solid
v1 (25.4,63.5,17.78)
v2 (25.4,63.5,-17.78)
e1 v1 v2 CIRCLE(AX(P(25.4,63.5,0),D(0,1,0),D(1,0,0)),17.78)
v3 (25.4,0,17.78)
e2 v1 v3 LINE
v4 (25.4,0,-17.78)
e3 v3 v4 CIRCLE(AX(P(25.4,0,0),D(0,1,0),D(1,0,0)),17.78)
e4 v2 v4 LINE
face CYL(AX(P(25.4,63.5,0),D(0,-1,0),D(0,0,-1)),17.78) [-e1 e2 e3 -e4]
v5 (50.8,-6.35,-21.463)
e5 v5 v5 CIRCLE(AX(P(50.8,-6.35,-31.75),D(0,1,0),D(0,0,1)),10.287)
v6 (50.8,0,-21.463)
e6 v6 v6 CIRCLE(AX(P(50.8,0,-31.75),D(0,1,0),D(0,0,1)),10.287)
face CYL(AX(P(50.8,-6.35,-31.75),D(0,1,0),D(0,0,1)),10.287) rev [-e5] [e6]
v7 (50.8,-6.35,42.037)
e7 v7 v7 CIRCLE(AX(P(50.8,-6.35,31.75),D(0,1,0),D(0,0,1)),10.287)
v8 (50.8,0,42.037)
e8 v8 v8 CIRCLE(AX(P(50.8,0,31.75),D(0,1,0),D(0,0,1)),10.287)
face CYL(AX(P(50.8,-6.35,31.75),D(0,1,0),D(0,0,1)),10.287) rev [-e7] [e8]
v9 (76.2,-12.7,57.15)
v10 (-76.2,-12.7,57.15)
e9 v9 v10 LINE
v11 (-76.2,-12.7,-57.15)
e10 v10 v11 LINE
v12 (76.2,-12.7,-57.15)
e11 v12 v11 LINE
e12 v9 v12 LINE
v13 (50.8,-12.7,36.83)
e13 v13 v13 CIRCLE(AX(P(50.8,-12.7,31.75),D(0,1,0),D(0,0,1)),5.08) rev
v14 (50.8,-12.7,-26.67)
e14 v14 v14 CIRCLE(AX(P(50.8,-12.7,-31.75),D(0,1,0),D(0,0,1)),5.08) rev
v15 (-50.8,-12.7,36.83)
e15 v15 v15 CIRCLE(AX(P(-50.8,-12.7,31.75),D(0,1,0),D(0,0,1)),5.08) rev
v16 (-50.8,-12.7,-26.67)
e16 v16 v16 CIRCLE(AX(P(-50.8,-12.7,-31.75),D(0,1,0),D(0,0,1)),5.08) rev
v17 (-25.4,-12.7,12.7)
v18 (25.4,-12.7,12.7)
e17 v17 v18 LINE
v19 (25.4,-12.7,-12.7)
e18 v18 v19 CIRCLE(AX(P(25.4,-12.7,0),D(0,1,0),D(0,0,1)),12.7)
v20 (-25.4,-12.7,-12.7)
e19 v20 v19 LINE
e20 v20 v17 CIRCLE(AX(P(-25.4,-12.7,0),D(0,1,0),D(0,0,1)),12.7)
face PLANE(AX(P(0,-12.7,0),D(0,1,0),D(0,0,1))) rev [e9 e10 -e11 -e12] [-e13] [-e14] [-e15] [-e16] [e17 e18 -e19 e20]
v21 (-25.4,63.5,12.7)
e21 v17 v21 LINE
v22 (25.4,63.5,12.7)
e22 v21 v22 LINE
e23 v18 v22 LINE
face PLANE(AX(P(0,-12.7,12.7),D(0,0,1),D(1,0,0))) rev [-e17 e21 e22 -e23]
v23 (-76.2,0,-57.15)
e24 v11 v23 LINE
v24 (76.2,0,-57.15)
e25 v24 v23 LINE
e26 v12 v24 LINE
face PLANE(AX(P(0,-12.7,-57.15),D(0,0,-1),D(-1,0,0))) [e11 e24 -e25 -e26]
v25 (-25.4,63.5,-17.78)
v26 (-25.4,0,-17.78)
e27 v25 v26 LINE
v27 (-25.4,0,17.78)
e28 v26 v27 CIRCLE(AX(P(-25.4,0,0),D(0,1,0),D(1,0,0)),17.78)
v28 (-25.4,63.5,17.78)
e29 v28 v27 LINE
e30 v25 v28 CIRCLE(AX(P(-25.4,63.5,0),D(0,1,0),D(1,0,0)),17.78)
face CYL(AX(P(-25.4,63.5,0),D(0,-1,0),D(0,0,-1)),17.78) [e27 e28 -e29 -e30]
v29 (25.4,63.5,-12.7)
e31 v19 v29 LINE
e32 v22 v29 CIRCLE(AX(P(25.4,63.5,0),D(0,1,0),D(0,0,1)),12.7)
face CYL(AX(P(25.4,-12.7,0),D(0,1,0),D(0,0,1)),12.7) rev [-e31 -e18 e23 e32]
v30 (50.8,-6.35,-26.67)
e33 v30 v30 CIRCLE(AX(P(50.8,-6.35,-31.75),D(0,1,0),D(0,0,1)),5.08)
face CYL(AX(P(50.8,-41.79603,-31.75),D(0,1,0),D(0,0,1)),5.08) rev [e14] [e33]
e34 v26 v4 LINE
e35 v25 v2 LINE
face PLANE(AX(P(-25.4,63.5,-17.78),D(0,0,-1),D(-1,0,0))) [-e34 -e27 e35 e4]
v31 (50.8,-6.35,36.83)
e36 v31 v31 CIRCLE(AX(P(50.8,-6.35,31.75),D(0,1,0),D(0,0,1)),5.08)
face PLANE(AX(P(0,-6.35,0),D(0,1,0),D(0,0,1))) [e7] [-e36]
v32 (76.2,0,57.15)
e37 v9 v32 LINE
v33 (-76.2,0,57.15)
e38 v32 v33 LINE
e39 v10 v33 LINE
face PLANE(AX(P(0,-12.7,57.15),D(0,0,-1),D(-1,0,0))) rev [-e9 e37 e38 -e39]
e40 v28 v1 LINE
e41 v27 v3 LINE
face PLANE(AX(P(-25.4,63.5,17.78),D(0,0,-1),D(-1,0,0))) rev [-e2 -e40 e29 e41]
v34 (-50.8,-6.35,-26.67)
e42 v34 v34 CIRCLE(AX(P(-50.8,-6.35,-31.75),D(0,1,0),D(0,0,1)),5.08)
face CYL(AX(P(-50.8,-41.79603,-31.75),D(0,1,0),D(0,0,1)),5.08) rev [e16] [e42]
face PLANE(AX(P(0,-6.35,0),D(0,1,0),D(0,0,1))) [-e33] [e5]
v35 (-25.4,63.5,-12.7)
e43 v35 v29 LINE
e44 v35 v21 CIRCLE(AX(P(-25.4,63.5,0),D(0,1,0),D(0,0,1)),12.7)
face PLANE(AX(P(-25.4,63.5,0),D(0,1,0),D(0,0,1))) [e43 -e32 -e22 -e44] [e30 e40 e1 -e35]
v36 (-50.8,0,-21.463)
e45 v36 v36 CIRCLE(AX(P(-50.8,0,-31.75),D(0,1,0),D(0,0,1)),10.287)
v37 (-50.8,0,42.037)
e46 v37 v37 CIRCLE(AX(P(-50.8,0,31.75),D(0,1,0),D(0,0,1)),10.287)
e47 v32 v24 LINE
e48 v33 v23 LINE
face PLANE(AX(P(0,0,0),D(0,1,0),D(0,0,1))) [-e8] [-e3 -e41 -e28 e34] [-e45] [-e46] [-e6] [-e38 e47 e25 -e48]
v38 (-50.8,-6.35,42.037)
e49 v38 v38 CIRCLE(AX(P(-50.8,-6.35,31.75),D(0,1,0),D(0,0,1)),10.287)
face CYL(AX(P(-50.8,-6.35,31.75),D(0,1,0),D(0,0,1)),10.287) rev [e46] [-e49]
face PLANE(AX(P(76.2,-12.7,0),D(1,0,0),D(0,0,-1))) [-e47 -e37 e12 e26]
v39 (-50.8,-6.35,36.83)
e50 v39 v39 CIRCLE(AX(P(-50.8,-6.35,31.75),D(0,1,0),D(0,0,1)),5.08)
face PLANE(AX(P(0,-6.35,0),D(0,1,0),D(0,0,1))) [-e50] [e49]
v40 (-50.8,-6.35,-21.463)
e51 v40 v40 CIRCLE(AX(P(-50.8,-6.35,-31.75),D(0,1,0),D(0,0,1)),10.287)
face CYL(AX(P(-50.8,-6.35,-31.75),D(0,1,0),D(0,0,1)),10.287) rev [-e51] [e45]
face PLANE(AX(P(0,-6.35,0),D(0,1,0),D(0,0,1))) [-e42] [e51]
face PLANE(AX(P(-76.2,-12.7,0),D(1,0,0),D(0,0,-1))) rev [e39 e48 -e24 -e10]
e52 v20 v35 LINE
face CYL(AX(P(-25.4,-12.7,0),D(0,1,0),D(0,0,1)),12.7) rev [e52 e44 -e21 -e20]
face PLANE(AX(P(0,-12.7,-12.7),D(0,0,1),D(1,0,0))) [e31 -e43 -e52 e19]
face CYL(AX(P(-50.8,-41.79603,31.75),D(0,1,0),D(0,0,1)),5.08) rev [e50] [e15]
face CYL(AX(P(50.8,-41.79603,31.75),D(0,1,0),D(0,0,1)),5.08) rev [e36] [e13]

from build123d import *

# Parameters (mm, degrees)
SKETCH1_W           = 152.4
SKETCH1_H           = 114.3
SKETCH1_R           = 10.287
BOSS_EXTRUDE1_DEPTH = 12.7
EXTRUDE_THIN1_DEPTH = 63.5
SKETCH1_4_R         = 10.287
SKETCH1_4_R_2       = 5.08
BOSS_EXTRUDE2_DEPTH = 12.7
SKETCH1_5_R         = 10.287
SKETCH1_5_R_2       = 5.08
CUT_EXTRUDE1_DEPTH  = 6.35


with BuildPart() as part:
    # Sketch1 → Boss-Extrude1 (new body)
    with BuildSketch(Plane(origin=(0, 0, 0), x_dir=(1, 0, 0), z_dir=(0, 1, 0))):
        Rectangle(SKETCH1_W, SKETCH1_H)
        with Locations((-50.8, 31.75)):
            Circle(SKETCH1_R, mode=Mode.SUBTRACT)
        with Locations((50.8, 31.75)):
            Circle(SKETCH1_R, mode=Mode.SUBTRACT)
        with Locations((50.8, -31.75)):
            Circle(SKETCH1_R, mode=Mode.SUBTRACT)
        with Locations((-50.8, -31.75)):
            Circle(SKETCH1_R, mode=Mode.SUBTRACT)
        with BuildLine():
            ThreePointArc((25.4, -12.7), (38.1, 0), (25.4, 12.7))
            Line((25.4, 12.7), (-25.4, 12.7))
            ThreePointArc((-25.4, 12.7), (-38.1, 0), (-25.4, -12.7))
            Line((-25.4, -12.7), (25.4, -12.7))
        make_face(mode=Mode.SUBTRACT)
    extrude(amount=-BOSS_EXTRUDE1_DEPTH)

    # Sketch1<3> → Extrude-Thin1 (add)
    with BuildSketch(Plane(origin=(0, 0, 0), x_dir=(1, 0, 0), z_dir=(0, 1, 0))):
        with BuildLine():
            Line((25.4, -17.78), (-25.4, -17.78))
            ThreePointArc((-25.4, -17.78), (-43.18, 0), (-25.4, 17.78))
            Line((-25.4, 17.78), (25.4, 17.78))
            ThreePointArc((25.4, 17.78), (43.18, 0), (25.4, -17.78))
        make_face()
        with BuildLine():
            Line((25.4, -12.7), (-25.4, -12.7))
            ThreePointArc((-25.4, -12.7), (-38.1, 0), (-25.4, 12.7))
            Line((-25.4, 12.7), (25.4, 12.7))
            ThreePointArc((25.4, 12.7), (38.1, 0), (25.4, -12.7))
        make_face(mode=Mode.SUBTRACT)
    extrude(amount=EXTRUDE_THIN1_DEPTH)

    # Sketch1<4> → Boss-Extrude2 (add)
    with BuildSketch(Plane(origin=(0, 0, 0), x_dir=(1, 0, 0), z_dir=(0, 1, 0))):
        with Locations((-50.8, 31.75)):
            Circle(SKETCH1_4_R)
        with Locations((-50.8, 31.75)):
            Circle(SKETCH1_4_R_2, mode=Mode.SUBTRACT)
        with Locations((-50.8, -31.75)):
            Circle(SKETCH1_4_R)
        with Locations((-50.8, -31.75)):
            Circle(SKETCH1_4_R_2, mode=Mode.SUBTRACT)
        with Locations((50.8, -31.75)):
            Circle(SKETCH1_4_R)
        with Locations((50.8, -31.75)):
            Circle(SKETCH1_4_R_2, mode=Mode.SUBTRACT)
        with Locations((50.8, 31.75)):
            Circle(SKETCH1_4_R)
        with Locations((50.8, 31.75)):
            Circle(SKETCH1_4_R_2, mode=Mode.SUBTRACT)
    extrude(amount=-BOSS_EXTRUDE2_DEPTH)

    # Sketch1<5> → Cut-Extrude1 (cut)
    with BuildSketch(Plane(origin=(0, 0, 0), x_dir=(1, 0, 0), z_dir=(0, 1, 0))):
        with Locations((-50.8, -31.75)):
            Circle(SKETCH1_5_R)
        with Locations((-50.8, -31.75)):
            Circle(SKETCH1_5_R_2, mode=Mode.SUBTRACT)
        with Locations((-50.8, 31.75)):
            Circle(SKETCH1_5_R)
        with Locations((-50.8, 31.75)):
            Circle(SKETCH1_5_R_2, mode=Mode.SUBTRACT)
        with Locations((50.8, 31.75)):
            Circle(SKETCH1_5_R)
        with Locations((50.8, 31.75)):
            Circle(SKETCH1_5_R_2, mode=Mode.SUBTRACT)
        with Locations((50.8, -31.75)):
            Circle(SKETCH1_5_R)
        with Locations((50.8, -31.75)):
            Circle(SKETCH1_5_R_2, mode=Mode.SUBTRACT)
    extrude(amount=-CUT_EXTRUDE1_DEPTH, mode=Mode.SUBTRACT)


solid = part.part
